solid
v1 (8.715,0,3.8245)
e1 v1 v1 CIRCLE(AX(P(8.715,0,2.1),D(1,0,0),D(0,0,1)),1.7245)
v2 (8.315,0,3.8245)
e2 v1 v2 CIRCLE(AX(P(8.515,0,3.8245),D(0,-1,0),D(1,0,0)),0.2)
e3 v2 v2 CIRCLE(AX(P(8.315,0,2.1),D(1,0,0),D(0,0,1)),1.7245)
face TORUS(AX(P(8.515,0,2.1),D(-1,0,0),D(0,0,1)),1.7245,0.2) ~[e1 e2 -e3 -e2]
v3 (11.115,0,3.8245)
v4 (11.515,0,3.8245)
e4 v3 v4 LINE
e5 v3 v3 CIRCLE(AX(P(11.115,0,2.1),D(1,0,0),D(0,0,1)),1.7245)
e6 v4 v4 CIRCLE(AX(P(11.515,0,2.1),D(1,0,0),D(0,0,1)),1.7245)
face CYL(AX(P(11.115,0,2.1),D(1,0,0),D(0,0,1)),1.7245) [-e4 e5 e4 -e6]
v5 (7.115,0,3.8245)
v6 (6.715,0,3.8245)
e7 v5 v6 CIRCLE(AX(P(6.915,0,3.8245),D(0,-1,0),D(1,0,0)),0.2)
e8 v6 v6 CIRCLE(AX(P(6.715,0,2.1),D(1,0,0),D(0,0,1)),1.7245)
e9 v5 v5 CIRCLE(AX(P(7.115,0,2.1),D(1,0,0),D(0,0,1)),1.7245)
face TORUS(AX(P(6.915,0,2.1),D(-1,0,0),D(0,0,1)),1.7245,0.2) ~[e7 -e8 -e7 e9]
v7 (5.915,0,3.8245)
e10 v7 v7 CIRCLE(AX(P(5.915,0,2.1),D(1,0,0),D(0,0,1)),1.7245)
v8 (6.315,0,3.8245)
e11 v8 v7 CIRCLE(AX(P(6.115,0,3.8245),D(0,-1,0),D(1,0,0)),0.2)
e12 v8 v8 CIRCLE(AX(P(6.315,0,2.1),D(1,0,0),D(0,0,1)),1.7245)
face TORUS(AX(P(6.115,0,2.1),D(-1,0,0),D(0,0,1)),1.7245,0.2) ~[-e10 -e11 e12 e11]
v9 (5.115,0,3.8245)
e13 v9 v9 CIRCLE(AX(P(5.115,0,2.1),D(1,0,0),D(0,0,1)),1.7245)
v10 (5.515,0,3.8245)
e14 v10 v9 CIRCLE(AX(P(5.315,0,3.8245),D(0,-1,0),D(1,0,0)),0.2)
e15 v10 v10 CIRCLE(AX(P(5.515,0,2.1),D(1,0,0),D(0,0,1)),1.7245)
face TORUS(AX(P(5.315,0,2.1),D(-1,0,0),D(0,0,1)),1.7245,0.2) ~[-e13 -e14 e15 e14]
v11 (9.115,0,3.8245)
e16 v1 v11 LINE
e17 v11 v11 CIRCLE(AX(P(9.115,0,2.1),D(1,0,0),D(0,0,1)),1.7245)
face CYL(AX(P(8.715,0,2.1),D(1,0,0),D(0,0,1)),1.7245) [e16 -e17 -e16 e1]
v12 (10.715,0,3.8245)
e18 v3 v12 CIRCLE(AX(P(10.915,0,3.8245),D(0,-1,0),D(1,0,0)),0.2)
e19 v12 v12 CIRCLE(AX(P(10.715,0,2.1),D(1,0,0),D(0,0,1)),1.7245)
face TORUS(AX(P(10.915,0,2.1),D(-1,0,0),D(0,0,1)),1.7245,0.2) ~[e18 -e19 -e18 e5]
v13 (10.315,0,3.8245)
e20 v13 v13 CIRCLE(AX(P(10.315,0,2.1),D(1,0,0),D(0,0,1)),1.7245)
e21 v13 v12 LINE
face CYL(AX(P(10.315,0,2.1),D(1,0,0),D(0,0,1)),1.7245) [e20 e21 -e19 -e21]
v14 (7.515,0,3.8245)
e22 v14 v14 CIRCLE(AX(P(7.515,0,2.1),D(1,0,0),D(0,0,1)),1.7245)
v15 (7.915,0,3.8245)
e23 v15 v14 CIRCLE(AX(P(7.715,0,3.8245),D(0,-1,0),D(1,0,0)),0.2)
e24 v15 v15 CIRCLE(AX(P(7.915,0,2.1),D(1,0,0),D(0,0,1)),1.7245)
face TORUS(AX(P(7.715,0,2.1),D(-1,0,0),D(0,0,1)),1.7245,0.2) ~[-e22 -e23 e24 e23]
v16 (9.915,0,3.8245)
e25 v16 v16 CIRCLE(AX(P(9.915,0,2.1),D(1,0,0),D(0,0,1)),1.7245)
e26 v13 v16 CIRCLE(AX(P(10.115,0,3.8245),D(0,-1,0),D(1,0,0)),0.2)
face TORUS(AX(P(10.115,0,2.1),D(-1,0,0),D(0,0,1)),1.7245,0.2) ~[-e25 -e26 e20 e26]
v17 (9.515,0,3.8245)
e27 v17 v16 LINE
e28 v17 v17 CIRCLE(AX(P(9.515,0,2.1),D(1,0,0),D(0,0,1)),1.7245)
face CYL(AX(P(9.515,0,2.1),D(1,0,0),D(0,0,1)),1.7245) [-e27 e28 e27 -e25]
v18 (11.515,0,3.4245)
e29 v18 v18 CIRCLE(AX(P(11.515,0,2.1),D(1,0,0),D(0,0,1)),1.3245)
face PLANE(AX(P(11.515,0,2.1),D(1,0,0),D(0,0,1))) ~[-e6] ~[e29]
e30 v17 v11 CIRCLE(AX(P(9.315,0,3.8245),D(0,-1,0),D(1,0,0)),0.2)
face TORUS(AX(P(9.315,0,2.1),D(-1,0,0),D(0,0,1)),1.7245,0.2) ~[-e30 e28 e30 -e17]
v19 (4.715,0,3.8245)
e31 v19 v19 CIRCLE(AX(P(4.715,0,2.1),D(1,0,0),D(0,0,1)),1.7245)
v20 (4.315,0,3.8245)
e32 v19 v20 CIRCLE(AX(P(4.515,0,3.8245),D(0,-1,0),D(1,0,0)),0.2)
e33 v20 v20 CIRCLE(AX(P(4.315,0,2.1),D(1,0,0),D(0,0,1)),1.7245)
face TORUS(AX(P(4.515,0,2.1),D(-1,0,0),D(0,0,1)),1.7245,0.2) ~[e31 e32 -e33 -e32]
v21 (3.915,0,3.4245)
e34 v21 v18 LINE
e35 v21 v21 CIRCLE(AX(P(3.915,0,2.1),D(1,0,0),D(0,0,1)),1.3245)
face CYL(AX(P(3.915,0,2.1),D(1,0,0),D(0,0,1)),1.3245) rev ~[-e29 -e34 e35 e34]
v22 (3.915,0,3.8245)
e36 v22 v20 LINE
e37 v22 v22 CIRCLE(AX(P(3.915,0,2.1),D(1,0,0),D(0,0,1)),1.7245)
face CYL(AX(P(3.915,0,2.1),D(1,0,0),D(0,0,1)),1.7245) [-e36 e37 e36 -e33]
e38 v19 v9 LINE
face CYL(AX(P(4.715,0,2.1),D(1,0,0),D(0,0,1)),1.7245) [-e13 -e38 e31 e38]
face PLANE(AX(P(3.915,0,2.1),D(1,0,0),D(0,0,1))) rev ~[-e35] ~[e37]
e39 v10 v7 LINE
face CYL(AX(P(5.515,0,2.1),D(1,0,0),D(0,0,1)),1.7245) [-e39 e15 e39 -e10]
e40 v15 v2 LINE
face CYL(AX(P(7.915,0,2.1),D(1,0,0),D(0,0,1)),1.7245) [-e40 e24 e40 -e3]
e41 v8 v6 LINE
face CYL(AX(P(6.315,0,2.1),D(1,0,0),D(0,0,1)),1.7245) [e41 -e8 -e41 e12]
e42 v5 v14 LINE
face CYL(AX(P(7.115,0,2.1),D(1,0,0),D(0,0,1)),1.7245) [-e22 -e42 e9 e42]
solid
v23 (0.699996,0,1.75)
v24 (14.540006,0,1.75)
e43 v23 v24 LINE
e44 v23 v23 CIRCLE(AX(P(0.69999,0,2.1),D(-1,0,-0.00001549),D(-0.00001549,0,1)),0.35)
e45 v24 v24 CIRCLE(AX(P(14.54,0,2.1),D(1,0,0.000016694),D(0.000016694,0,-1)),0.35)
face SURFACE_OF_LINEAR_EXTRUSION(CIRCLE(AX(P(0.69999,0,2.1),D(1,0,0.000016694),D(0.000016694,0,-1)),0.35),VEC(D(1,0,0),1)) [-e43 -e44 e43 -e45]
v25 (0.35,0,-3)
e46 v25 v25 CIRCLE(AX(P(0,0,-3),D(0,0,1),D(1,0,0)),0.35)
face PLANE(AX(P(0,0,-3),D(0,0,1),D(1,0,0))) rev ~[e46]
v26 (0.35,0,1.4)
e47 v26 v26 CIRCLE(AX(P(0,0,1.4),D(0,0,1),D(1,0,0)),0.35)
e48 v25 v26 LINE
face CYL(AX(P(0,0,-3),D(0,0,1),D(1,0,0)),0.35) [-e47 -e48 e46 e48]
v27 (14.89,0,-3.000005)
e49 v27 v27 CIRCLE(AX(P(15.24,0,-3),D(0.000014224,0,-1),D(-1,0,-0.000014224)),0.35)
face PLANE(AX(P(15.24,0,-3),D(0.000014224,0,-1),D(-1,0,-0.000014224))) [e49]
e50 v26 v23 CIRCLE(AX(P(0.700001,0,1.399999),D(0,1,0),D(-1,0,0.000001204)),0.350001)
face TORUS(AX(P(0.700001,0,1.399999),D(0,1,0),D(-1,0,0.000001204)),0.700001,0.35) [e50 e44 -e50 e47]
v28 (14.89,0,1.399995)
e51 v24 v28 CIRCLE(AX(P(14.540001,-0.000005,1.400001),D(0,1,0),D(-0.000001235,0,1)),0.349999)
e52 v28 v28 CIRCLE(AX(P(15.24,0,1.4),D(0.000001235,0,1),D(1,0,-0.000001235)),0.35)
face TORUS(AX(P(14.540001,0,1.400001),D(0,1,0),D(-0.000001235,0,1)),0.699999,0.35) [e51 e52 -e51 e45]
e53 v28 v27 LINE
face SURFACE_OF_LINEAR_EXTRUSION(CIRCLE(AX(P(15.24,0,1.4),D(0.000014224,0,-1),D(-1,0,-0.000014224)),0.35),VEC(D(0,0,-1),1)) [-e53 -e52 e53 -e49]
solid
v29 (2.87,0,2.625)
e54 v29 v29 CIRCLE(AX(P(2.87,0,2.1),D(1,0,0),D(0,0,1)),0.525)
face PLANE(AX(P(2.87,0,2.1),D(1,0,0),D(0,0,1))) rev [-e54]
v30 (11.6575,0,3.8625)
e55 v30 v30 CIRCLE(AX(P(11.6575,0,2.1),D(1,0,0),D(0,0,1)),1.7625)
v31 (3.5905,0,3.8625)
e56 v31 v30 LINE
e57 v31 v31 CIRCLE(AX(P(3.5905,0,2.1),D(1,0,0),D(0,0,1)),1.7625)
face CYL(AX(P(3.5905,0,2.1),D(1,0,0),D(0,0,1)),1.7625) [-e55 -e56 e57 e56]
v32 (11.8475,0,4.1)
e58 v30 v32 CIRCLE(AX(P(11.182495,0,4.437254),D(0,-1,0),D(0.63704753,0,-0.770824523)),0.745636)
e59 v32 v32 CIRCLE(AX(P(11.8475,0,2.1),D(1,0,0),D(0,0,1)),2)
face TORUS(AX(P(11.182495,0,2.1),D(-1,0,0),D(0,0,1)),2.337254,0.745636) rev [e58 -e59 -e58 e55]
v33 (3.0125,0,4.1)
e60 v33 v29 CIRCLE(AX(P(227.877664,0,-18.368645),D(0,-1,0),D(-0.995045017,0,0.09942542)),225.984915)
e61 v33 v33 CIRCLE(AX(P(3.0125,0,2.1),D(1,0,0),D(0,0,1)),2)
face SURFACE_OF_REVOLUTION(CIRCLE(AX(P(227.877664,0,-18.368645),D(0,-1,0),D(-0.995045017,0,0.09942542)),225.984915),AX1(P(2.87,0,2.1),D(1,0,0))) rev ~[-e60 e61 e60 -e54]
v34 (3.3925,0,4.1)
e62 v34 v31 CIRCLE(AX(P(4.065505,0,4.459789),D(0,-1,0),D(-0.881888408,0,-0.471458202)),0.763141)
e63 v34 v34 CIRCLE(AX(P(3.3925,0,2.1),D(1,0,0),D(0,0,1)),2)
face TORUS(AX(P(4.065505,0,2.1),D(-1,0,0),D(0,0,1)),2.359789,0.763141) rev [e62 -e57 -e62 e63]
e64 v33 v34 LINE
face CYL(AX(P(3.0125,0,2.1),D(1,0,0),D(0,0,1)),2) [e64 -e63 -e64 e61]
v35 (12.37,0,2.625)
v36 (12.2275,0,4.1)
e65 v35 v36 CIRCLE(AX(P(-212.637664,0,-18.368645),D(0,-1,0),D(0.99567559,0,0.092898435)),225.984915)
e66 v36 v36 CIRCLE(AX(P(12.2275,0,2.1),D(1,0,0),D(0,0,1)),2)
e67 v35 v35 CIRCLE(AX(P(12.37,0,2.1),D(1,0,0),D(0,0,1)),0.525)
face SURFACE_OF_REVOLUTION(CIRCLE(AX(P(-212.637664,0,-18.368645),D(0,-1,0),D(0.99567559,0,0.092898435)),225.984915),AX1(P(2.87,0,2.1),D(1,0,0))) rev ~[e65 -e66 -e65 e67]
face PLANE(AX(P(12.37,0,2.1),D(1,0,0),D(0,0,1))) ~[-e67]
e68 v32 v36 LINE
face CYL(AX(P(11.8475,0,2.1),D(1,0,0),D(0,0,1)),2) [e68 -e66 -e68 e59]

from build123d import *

# Parameters (mm, degrees)
SKETCH_R = 0.35


with BuildPart() as revolution:
    # Sketch002 → Revolution (revolve)
    with BuildSketch(Plane.XZ):
        with BuildLine():
            Line((3.0125, 4.1), (3.3925, 4.1))
            ThreePointArc((3.3925, 4.1), (3.479345, 3.971117), (3.5905, 3.8625))
            Line((3.5905, 3.8625), (11.6575, 3.8625))
            ThreePointArc((11.6575, 3.8625), (11.764738, 3.971459), (11.8475, 4.1))
            Line((11.8475, 4.1), (12.2275, 4.1))
            ThreePointArc((12.37, 2.625), (12.299959, 3.362617), (12.2275, 4.1))
            Line((12.37, 2.1), (12.37, 2.625))
            Line((2.87, 2.1), (12.37, 2.1))
            Line((2.87, 2.1), (2.87, 2.625))
            ThreePointArc((3.0125, 4.1), (2.940041, 3.362617), (2.87, 2.625))
        make_face()
    revolve(axis=Axis((2.87, 0, 2.1), (1, 0, 0)))


with BuildPart() as sweep_body:
    # Sweep: sweep along a path in Sketch001
    with BuildLine(Plane.XZ) as sweep_path:
        Line((0, -3), (0, 1.4))
        ThreePointArc((0, 1.4), (0.205022, 1.894971), (0.69999, 2.1))
        Line((0.69999, 2.1), (14.54, 2.1))
        ThreePointArc((14.54, 2.1), (15.034975, 1.894975), (15.24, 1.4))
        Line((15.24, 1.4), (15.24, -3))
    # Sketch → Sweep (sweep)
    with BuildSketch(Plane.XY.offset(-2)):
        Circle(SKETCH_R)
    sweep(path=sweep_path.line)


with BuildPart() as revolution001:
    # Sketch003 → Revolution001 (revolve)
    with BuildSketch(Plane.XZ):
        with BuildLine():
            ThreePointArc((4.715, 3.8245), (4.515, 4.0245), (4.315, 3.8245))
            Line((3.915, 3.8245), (4.315, 3.8245))
            Line((3.915, 3.8245), (3.915, 3.4245))
            Line((3.915, 3.4245), (11.515, 3.4245))
            Line((11.515, 3.4245), (11.515, 3.8245))
            Line((11.115, 3.8245), (11.515, 3.8245))
            ThreePointArc((11.115, 3.8245), (10.915, 4.0245), (10.715, 3.8245))
            Line((10.315, 3.8245), (10.715, 3.8245))
            ThreePointArc((10.315, 3.8245), (10.115, 4.0245), (9.915, 3.8245))
            Line((9.515, 3.8245), (9.915, 3.8245))
            ThreePointArc((9.515, 3.8245), (9.315, 4.0245), (9.115, 3.8245))
            Line((8.715, 3.8245), (9.115, 3.8245))
            ThreePointArc((8.715, 3.8245), (8.515, 4.0245), (8.315, 3.8245))
            Line((7.915, 3.8245), (8.315, 3.8245))
            ThreePointArc((7.915, 3.8245), (7.715, 4.0245), (7.515, 3.8245))
            Line((7.115, 3.8245), (7.515, 3.8245))
            ThreePointArc((7.115, 3.8245), (6.915, 4.0245), (6.715, 3.8245))
            Line((6.315, 3.8245), (6.715, 3.8245))
            ThreePointArc((6.315, 3.8245), (6.115, 4.0245), (5.915, 3.8245))
            Line((5.515, 3.8245), (5.915, 3.8245))
            ThreePointArc((5.515, 3.8245), (5.315, 4.0245), (5.115, 3.8245))
            Line((4.715, 3.8245), (5.115, 3.8245))
        make_face()
    revolve(axis=Axis((3.1075, 0, 2.1), (1, 0, 0)))


solid = Compound([revolution.part, sweep_body.part, revolution001.part])
